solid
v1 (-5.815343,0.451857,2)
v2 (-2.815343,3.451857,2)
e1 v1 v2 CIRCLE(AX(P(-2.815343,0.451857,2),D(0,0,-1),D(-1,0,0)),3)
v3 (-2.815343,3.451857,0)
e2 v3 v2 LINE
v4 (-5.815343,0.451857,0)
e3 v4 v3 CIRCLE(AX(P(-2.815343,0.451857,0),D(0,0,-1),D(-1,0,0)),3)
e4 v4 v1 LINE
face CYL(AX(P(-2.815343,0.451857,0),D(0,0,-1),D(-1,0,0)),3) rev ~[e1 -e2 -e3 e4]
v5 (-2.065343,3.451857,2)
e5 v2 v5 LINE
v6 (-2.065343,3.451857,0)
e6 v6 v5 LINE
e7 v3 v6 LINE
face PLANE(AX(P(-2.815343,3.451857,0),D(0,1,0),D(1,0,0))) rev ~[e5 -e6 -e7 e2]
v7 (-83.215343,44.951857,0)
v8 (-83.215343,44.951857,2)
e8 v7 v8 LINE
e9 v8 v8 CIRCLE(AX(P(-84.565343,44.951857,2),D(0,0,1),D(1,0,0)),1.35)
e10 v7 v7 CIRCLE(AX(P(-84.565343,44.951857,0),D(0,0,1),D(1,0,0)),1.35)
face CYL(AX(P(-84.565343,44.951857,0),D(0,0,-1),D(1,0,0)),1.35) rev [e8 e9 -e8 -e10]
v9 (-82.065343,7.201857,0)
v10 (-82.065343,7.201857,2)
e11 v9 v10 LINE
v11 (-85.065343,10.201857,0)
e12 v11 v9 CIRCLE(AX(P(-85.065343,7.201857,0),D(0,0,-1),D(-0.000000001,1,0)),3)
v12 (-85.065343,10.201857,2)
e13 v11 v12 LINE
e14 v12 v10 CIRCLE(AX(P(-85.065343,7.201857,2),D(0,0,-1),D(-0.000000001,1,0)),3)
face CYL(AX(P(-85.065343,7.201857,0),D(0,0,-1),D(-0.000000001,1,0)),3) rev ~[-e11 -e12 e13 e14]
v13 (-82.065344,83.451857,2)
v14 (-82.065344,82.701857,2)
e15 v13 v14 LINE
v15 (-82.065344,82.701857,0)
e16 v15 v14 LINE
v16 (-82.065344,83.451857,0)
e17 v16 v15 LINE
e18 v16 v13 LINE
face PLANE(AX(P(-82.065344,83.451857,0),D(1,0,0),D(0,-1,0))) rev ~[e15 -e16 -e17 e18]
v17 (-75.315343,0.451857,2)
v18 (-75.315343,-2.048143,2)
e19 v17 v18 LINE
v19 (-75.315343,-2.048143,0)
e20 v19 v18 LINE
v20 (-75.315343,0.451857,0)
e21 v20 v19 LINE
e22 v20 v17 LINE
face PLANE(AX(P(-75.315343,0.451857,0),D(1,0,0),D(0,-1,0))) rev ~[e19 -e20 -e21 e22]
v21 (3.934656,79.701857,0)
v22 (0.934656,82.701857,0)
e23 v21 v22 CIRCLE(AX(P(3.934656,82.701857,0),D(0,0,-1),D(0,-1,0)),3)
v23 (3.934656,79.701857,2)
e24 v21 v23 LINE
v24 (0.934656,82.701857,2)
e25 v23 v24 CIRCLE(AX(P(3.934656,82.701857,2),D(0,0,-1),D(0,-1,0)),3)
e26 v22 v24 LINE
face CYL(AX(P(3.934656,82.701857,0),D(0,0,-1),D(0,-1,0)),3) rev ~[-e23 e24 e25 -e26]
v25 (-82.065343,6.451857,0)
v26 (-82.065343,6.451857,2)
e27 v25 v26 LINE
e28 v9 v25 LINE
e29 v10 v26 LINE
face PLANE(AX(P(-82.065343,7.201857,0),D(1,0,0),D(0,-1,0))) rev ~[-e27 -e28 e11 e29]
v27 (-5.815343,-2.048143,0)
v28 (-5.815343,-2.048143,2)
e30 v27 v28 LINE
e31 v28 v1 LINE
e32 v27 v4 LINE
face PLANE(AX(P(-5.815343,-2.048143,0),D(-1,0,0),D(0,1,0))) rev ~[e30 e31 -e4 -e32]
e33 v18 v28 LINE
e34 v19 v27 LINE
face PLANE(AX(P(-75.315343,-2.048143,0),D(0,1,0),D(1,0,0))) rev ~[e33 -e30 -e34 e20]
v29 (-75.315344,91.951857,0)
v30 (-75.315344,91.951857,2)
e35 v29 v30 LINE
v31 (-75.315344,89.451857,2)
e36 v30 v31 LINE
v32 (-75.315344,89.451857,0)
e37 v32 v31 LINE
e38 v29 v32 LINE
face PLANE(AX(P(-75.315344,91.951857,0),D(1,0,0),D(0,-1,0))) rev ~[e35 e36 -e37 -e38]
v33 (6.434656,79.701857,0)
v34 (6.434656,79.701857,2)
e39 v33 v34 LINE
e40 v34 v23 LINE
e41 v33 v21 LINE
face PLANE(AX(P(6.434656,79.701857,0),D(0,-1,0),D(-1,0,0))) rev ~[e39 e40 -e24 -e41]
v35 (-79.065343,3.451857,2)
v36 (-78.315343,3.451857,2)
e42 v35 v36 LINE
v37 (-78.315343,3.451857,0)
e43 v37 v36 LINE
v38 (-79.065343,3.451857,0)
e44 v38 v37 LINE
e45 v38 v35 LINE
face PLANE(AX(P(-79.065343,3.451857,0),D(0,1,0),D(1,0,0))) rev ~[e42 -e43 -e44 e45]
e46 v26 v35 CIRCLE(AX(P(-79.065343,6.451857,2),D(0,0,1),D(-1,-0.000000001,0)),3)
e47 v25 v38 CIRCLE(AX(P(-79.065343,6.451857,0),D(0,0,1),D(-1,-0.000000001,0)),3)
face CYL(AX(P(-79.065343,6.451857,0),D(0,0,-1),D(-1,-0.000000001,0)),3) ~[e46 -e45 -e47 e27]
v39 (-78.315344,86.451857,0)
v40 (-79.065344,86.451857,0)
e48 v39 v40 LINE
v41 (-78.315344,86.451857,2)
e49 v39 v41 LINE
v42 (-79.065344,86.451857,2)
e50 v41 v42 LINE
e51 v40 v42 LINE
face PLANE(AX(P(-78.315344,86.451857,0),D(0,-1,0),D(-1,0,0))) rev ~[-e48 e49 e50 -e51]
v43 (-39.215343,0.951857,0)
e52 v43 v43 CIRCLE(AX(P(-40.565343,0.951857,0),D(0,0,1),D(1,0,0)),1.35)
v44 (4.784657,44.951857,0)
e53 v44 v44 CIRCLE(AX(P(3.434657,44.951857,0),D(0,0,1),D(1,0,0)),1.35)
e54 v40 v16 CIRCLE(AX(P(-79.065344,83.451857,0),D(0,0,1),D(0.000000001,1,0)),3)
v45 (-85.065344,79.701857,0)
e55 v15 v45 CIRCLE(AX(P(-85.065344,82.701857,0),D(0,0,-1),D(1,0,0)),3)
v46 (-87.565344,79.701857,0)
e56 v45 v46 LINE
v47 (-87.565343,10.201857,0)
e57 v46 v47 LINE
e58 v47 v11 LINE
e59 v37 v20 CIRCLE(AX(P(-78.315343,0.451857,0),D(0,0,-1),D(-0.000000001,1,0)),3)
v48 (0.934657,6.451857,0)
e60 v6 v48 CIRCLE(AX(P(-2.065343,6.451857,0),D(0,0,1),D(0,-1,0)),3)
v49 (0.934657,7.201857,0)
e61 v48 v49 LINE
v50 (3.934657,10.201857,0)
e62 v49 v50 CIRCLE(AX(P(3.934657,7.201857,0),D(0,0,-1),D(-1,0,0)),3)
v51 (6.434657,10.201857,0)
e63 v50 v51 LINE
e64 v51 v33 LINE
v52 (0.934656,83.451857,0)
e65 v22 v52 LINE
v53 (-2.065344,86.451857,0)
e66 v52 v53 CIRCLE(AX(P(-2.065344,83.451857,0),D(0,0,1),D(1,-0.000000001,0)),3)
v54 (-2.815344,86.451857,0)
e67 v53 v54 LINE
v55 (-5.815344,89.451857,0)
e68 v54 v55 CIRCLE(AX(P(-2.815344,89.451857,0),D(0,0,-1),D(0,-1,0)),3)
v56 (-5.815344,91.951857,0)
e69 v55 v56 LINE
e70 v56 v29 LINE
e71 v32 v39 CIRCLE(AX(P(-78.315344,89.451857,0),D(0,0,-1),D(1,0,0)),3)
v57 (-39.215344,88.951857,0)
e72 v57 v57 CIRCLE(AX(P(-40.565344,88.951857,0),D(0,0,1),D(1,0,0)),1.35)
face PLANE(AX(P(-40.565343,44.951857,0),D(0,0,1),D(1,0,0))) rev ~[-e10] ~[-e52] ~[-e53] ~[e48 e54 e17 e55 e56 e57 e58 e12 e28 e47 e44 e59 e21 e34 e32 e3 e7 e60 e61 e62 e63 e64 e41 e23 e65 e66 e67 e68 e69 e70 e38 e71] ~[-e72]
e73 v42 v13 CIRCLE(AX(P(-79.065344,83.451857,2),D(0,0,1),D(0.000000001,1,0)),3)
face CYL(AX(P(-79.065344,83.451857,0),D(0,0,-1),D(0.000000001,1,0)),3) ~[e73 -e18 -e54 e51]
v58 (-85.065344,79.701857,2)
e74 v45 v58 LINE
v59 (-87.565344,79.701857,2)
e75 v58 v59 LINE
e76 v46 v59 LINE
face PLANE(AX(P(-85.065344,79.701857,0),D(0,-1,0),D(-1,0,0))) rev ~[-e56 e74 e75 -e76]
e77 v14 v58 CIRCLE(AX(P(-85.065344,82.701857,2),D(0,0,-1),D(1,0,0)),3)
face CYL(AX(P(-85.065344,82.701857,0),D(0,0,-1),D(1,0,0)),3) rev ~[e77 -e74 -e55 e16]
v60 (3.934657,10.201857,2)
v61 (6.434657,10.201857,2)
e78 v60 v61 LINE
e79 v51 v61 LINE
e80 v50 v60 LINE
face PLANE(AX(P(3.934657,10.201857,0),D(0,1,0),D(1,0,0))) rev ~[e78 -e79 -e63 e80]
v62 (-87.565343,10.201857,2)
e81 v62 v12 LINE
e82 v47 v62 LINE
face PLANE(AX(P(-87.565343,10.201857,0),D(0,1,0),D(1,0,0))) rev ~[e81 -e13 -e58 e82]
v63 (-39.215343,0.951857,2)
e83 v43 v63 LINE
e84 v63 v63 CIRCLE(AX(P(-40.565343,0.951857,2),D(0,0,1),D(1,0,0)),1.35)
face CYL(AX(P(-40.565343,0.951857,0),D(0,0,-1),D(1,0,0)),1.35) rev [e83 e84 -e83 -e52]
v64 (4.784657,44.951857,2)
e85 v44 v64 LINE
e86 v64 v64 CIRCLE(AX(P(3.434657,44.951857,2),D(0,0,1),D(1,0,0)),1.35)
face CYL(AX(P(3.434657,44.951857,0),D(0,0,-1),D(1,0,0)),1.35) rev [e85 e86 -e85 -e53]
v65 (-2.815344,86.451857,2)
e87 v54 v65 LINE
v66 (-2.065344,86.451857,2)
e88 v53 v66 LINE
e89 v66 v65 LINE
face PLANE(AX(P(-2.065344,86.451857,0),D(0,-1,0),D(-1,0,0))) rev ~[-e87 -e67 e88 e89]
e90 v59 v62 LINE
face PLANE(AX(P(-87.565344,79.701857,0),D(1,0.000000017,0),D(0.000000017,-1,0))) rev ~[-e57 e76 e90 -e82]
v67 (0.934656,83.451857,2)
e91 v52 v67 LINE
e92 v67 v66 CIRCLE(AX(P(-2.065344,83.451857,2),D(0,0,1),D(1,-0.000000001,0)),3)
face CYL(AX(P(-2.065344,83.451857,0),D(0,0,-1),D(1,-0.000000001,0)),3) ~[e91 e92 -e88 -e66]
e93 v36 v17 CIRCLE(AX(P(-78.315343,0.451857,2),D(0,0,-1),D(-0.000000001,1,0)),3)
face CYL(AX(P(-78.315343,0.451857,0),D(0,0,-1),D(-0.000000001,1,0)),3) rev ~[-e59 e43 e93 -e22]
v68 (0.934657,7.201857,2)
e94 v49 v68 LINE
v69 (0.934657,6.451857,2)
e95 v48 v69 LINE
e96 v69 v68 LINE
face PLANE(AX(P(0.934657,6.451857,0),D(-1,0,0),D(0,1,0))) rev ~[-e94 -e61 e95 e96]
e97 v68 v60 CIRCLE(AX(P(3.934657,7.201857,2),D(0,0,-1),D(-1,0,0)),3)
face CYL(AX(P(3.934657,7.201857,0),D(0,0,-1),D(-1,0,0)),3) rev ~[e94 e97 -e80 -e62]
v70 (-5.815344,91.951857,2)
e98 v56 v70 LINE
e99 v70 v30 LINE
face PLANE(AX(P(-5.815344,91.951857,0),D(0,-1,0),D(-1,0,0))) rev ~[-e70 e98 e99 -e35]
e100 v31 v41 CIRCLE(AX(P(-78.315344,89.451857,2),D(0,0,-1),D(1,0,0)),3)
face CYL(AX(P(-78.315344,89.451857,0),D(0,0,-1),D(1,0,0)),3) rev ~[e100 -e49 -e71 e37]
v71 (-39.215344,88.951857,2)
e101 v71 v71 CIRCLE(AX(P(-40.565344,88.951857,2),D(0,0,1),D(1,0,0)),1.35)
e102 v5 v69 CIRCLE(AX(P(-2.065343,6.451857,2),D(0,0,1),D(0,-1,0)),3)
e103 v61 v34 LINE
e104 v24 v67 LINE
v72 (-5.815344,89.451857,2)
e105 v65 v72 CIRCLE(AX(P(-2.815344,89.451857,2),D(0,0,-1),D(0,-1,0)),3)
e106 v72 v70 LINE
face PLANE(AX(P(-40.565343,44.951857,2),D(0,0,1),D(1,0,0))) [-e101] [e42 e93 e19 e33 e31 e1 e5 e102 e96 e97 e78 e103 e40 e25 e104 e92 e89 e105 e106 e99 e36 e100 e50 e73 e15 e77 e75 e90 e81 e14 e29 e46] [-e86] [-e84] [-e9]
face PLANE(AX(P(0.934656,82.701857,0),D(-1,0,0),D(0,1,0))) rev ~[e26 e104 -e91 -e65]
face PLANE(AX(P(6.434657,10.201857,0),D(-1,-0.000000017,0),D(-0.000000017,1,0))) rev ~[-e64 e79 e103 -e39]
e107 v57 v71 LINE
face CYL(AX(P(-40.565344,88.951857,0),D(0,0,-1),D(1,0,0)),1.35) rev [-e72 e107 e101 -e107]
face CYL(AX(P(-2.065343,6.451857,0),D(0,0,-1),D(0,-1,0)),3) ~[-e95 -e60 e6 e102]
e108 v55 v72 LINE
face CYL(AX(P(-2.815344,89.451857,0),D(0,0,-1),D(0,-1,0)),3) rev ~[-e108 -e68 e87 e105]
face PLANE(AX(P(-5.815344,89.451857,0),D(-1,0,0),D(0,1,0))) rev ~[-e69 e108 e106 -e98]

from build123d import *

# Parameters (mm, degrees)
SKETCH2_R           = 1.35
BOSS_EXTRUDE1_DEPTH = 2


with BuildPart() as part:
    # Sketch2 → Boss-Extrude1 (new body)
    with BuildSketch(Plane.XY):
        with BuildLine():
            Line((-5.815342674, -2.04814307), (-5.815342674, 0.45185693))
            ThreePointArc((-5.815342674, 0.45185693), (-4.936663017, 2.573177274), (-2.815342674, 3.45185693))
            Line((-2.815342674, 3.45185693), (-2.065342674, 3.45185693))
            ThreePointArc((-2.065342674, 3.45185693), (0.05597767, 4.330536587), (0.934657326, 6.45185693))
            Line((0.934657326, 6.45185693), (0.934657326, 7.20185693))
            ThreePointArc((0.934657326, 7.20185693), (1.813336983, 9.323177274), (3.934657326, 10.20185693))
            Line((3.934657326, 10.20185693), (6.434657326, 10.20185693))
            Line((6.434657326, 10.20185693), (6.43465612, 79.70185693))
            Line((6.43465612, 79.70185693), (3.93465612, 79.70185693))
            ThreePointArc((3.93465612, 79.70185693), (1.813335776, 80.580536587), (0.93465612, 82.70185693))
            Line((0.93465612, 82.70185693), (0.93465612, 83.45185693))
            ThreePointArc((0.93465612, 83.45185693), (0.055976464, 85.573177274), (-2.06534388, 86.45185693))
            Line((-2.06534388, 86.45185693), (-2.81534388, 86.45185693))
            ThreePointArc((-2.81534388, 86.45185693), (-4.936664224, 87.330536587), (-5.81534388, 89.45185693))
            Line((-5.81534388, 89.45185693), (-5.81534388, 91.95185693))
            Line((-5.81534388, 91.95185693), (-75.31534388, 91.95185693))
            Line((-75.31534388, 91.95185693), (-75.31534388, 89.45185693))
            ThreePointArc((-75.31534388, 89.45185693), (-76.194023536, 87.330536587), (-78.31534388, 86.45185693))
            Line((-78.31534388, 86.45185693), (-79.06534388, 86.45185693))
            ThreePointArc((-79.06534388, 86.45185693), (-81.186664224, 85.573177274), (-82.06534388, 83.45185693))
            Line((-82.06534388, 83.45185693), (-82.06534388, 82.70185693))
            ThreePointArc((-82.06534388, 82.70185693), (-82.944023536, 80.580536587), (-85.06534388, 79.70185693))
            Line((-85.06534388, 79.70185693), (-87.56534388, 79.70185693))
            Line((-87.56534388, 79.70185693), (-87.565342674, 10.20185693))
            Line((-87.565342674, 10.20185693), (-85.065342674, 10.20185693))
            ThreePointArc((-85.065342674, 10.20185693), (-82.94402233, 9.323177274), (-82.065342674, 7.20185693))
            Line((-82.065342674, 7.20185693), (-82.065342674, 6.45185693))
            ThreePointArc((-82.065342674, 6.45185693), (-81.186663017, 4.330536587), (-79.065342674, 3.45185693))
            Line((-79.065342674, 3.45185693), (-78.315342674, 3.45185693))
            ThreePointArc((-78.315342674, 3.45185693), (-76.19402233, 2.573177274), (-75.315342674, 0.45185693))
            Line((-75.315342674, 0.45185693), (-75.315342674, -2.04814307))
            Line((-75.315342674, -2.04814307), (-5.815342674, -2.04814307))
        make_face()
        with Locations((-40.56534404, 88.95185693)):
            Circle(SKETCH2_R, mode=Mode.SUBTRACT)
        with Locations((-84.565343277, 44.95185693)):
            Circle(SKETCH2_R, mode=Mode.SUBTRACT)
        with Locations((3.434656723, 44.95185693)):
            Circle(SKETCH2_R, mode=Mode.SUBTRACT)
        with Locations((-40.565342513, 0.95185693)):
            Circle(SKETCH2_R, mode=Mode.SUBTRACT)
    extrude(amount=BOSS_EXTRUDE1_DEPTH)


solid = part.part
